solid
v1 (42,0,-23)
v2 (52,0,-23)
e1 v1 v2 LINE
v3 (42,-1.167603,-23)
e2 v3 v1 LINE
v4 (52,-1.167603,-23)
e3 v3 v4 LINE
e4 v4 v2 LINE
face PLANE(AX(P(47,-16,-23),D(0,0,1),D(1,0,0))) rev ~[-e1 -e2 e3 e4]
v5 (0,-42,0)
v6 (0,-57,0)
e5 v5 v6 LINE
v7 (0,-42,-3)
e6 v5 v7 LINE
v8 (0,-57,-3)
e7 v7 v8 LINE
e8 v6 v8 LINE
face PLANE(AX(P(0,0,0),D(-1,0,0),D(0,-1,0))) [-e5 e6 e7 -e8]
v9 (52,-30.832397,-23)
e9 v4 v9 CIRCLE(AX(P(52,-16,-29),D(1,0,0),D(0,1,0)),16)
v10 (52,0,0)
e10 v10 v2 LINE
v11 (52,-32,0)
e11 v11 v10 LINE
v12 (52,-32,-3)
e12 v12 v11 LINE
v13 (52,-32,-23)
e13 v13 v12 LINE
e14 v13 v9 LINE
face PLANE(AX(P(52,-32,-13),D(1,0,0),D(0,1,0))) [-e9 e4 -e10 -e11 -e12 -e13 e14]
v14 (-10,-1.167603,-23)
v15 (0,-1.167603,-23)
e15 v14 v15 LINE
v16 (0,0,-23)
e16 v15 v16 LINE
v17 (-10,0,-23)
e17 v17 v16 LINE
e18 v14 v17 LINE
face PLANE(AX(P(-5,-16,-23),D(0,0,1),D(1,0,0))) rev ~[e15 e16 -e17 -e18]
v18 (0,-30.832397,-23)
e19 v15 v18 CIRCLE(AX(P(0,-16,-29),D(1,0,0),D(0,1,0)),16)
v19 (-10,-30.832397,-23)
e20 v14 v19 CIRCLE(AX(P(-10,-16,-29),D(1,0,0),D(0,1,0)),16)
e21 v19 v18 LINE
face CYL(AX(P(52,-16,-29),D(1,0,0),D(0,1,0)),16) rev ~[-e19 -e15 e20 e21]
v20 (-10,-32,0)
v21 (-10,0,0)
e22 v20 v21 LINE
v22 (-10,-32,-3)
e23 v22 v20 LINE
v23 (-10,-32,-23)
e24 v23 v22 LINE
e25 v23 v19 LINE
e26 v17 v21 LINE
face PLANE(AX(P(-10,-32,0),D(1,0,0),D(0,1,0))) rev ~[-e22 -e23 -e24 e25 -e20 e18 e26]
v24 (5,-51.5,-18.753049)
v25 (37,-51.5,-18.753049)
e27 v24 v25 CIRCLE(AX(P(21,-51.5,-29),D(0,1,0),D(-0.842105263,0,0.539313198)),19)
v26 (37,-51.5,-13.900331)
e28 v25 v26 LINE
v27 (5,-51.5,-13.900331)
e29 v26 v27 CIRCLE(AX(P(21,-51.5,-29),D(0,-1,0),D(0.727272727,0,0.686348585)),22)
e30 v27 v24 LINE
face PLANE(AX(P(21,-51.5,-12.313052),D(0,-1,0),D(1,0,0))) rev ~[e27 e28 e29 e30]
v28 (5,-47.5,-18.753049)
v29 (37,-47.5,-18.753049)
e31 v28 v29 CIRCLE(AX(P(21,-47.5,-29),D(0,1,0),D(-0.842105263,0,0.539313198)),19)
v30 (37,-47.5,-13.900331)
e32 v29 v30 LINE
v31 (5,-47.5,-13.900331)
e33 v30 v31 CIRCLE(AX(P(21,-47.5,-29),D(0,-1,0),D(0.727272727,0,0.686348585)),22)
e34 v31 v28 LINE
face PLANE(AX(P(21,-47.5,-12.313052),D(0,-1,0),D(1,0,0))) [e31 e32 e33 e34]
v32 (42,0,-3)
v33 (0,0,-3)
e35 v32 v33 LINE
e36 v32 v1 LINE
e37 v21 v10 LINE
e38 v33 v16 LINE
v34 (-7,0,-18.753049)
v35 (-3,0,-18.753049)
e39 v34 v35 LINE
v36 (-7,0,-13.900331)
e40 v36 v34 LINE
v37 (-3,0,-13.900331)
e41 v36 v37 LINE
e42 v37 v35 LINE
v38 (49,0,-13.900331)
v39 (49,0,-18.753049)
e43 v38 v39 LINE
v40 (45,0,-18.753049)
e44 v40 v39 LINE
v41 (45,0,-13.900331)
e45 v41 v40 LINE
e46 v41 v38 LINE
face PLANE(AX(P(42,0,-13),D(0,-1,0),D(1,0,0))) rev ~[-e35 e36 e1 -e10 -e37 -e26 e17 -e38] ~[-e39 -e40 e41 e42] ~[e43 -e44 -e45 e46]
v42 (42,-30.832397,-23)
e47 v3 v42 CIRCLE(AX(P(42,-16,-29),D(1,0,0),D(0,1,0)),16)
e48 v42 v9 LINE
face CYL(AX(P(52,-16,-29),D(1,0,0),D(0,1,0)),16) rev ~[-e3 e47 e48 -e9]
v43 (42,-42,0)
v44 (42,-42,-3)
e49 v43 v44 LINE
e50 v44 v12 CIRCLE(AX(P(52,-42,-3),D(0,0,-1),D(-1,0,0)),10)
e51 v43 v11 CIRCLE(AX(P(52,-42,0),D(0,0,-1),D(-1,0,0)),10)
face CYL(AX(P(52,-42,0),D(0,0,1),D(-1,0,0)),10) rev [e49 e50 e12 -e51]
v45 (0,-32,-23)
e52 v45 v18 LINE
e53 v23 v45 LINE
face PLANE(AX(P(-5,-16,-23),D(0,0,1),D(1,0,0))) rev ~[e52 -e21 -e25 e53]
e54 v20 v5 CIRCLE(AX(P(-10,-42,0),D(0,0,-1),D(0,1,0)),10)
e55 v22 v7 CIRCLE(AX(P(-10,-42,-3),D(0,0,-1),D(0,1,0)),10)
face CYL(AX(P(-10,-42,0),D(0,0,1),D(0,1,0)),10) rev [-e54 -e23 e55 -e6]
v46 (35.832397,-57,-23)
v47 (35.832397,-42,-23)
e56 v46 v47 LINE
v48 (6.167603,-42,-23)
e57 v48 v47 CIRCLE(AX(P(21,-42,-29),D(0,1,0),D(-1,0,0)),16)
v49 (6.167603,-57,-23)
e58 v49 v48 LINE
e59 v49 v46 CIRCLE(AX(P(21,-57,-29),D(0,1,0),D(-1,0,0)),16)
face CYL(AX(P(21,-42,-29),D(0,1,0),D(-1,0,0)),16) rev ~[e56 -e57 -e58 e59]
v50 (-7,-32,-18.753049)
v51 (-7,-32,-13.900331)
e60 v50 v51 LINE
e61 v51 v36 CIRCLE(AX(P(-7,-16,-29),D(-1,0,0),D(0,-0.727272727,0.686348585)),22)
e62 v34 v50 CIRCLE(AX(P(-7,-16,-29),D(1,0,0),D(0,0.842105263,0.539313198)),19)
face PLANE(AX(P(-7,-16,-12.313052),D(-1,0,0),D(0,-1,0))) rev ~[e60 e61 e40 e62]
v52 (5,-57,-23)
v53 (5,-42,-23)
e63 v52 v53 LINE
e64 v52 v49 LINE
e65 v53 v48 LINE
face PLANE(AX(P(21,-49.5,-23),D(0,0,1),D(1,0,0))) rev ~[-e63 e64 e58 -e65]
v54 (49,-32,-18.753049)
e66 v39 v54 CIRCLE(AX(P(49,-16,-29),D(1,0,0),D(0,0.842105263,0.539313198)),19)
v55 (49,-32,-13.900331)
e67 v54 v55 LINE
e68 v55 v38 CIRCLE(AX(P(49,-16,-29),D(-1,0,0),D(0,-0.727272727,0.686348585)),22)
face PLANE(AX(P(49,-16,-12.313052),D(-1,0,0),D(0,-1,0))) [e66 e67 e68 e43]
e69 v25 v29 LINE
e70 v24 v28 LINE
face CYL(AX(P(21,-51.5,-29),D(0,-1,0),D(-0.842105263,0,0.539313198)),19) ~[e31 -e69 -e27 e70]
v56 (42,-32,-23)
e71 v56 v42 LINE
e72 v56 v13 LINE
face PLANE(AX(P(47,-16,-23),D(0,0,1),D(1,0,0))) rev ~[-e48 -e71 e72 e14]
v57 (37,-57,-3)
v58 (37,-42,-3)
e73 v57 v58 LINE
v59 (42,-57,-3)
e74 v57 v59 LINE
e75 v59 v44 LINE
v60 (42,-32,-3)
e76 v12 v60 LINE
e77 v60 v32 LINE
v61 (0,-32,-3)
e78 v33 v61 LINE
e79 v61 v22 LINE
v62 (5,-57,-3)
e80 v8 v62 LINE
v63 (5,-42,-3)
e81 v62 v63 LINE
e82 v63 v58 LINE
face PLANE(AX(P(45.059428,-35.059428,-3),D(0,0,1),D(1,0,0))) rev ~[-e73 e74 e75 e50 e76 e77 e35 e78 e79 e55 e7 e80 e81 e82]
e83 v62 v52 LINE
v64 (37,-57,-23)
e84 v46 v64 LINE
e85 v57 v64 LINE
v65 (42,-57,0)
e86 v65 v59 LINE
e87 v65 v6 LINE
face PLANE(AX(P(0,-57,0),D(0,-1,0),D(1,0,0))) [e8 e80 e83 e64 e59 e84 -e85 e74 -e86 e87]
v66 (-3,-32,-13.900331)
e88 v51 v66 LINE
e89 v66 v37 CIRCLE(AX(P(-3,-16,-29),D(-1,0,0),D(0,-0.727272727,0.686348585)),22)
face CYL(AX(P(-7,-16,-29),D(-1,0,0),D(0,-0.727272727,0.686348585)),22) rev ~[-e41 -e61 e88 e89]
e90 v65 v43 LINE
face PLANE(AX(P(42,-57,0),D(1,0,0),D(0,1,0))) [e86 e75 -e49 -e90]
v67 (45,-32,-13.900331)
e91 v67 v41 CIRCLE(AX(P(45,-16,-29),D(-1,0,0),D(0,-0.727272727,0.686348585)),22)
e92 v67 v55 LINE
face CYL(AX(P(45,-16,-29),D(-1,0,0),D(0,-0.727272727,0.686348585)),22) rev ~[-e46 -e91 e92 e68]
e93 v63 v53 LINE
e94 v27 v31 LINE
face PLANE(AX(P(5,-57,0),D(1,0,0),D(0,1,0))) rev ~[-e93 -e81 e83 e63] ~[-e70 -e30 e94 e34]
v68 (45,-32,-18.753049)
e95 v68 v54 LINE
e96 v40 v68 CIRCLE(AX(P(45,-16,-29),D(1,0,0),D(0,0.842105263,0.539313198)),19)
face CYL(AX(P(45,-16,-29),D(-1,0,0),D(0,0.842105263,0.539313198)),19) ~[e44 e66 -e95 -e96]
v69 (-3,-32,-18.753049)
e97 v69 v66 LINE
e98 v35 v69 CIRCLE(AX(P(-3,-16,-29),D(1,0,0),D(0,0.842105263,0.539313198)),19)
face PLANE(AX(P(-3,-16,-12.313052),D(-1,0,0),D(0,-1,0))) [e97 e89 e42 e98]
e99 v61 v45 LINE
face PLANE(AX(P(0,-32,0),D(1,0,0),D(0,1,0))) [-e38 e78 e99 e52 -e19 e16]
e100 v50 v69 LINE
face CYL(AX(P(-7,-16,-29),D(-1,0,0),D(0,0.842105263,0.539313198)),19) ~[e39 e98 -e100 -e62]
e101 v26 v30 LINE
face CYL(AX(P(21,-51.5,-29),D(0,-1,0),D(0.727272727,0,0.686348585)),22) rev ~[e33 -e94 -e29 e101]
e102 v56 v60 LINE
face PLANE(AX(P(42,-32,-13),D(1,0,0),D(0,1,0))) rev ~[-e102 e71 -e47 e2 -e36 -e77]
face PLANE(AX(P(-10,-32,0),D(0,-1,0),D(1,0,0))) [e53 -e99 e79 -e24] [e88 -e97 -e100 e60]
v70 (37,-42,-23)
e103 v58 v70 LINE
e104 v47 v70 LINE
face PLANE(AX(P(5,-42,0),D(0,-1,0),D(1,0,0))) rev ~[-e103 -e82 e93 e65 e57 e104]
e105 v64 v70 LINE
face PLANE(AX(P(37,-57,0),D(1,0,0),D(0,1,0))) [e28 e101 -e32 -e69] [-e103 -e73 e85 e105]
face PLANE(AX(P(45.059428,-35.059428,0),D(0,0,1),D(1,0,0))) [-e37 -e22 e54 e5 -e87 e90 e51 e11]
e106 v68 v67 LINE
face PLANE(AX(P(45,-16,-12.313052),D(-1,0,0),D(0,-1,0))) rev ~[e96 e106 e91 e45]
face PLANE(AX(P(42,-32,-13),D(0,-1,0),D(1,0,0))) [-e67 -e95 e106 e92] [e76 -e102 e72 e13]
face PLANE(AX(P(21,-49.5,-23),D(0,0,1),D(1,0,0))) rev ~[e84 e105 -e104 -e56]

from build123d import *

# Parameters (mm, degrees)
F1_DEPTH  = 3
F0_W      = 10
F0_H      = 32
F2_DEPTH  = 13
F3_DEPTH  = 10
F4_R      = 16
F5_DEPTH  = 62.001
F6_W      = 32
F6_H      = 15
F7_DEPTH  = 23
F8_R      = 16
F9_DEPTH  = 15.001
F11_START = -3
F11_DEPTH = 4
F12_START = -55
F12_DEPTH = 4
F14_START = -5.5
F14_DEPTH = 4
F15_DEPTH = 3


with BuildPart() as f1:
    # F0 (on Top) → F1 (new body)
    with BuildSketch(Plane.XY):
        Polygon((42, 0), (0, 0), (0, -32), (0, -42), (0, -57), (42, -57), (42, -42), (42, -32), align=None)
    extrude(amount=-F1_DEPTH)

    # F0 (on Top) → F2 (join)
    with BuildSketch(Plane.XY):
        with Locations((47, -16)):
            Rectangle(F0_W, F0_H)
        with Locations((-5, -16)):
            Rectangle(F0_W, F0_H)
    extrude(amount=-F2_DEPTH)

    # F3 (add): faces of the model
    f3_faces = [f1.faces().sort_by_distance(p)[0] for p in [
        (47, -16, -13),
        (-5, -16, -13),
    ]]
    extrude(f3_faces, amount=F3_DEPTH)

    # F4 (on face) → F5 (cut, through all)
    with BuildSketch(Plane.YZ.offset(52)):
        with Locations((-16, -29)):
            Circle(F4_R)
    extrude(amount=-F5_DEPTH, mode=Mode.SUBTRACT)

    # F6 (on face) → F7 (join)
    with BuildSketch(Plane.XY):
        with Locations((21, -49.5)):
            Rectangle(F6_W, F6_H)
    extrude(amount=-F7_DEPTH)

    # F8 (on face) → F9 (cut, through all)
    with BuildSketch(Plane(origin=(0, -42, 0), x_dir=(-1, 0, 0), z_dir=(0, 1, 0))):
        with Locations((-21, -29)):
            Circle(F8_R)
    extrude(amount=-F9_DEPTH, mode=Mode.SUBTRACT)

    # F10 (on face) → F11 (cut)
    with BuildSketch(Plane(origin=(-10, 0, 0), x_dir=(0, -1, 0), z_dir=(-1, 0, 0)).offset(F11_START)):
        with BuildLine():
            ThreePointArc((0, -18.753049234), (16, -10), (32, -18.753049234))
            Line((32, -18.753049234), (32, -13.9003311295))
            ThreePointArc((32, -13.9003311295), (16, -7), (0, -13.9003311295))
            Line((0, -13.9003311295), (0, -18.753049234))
        make_face()
    extrude(amount=-F11_DEPTH, mode=Mode.SUBTRACT)

    # F10 (on face) → F12 (cut)
    with BuildSketch(Plane(origin=(-10, 0, 0), x_dir=(0, -1, 0), z_dir=(-1, 0, 0)).offset(F12_START)):
        with BuildLine():
            ThreePointArc((0, -18.753049234), (16, -10), (32, -18.753049234))
            Line((32, -18.753049234), (32, -13.9003311295))
            ThreePointArc((32, -13.9003311295), (16, -7), (0, -13.9003311295))
            Line((0, -13.9003311295), (0, -18.753049234))
        make_face()
    extrude(amount=-F12_DEPTH, mode=Mode.SUBTRACT)

    # F13 (on face) → F14 (cut)
    with BuildSketch(Plane.XZ.offset(57).offset(F14_START)):
        with BuildLine():
            ThreePointArc((5, -18.753049234), (21, -10), (37, -18.753049234))
            Line((37, -18.753049234), (37, -13.9003311295))
            ThreePointArc((37, -13.9003311295), (21, -7), (5, -13.9003311295))
            Line((5, -13.9003311295), (5, -18.753049234))
        make_face()
    extrude(amount=-F14_DEPTH, mode=Mode.SUBTRACT)

    # F0 (on Top) → F15 (join)
    with BuildSketch(Plane.XY):
        with BuildLine():
            Line((52, -32), (42, -32))
            Line((42, -32), (42, -42))
            ThreePointArc((42, -42), (44.9289321881, -34.9289321881), (52, -32))
        make_face()
        with BuildLine():
            Line((0, -42), (0, -32))
            Line((0, -32), (-10, -32))
            ThreePointArc((-10, -32), (-2.9289321881, -34.9289321881), (0, -42))
        make_face()
    extrude(amount=-F15_DEPTH)


solid = f1.part
